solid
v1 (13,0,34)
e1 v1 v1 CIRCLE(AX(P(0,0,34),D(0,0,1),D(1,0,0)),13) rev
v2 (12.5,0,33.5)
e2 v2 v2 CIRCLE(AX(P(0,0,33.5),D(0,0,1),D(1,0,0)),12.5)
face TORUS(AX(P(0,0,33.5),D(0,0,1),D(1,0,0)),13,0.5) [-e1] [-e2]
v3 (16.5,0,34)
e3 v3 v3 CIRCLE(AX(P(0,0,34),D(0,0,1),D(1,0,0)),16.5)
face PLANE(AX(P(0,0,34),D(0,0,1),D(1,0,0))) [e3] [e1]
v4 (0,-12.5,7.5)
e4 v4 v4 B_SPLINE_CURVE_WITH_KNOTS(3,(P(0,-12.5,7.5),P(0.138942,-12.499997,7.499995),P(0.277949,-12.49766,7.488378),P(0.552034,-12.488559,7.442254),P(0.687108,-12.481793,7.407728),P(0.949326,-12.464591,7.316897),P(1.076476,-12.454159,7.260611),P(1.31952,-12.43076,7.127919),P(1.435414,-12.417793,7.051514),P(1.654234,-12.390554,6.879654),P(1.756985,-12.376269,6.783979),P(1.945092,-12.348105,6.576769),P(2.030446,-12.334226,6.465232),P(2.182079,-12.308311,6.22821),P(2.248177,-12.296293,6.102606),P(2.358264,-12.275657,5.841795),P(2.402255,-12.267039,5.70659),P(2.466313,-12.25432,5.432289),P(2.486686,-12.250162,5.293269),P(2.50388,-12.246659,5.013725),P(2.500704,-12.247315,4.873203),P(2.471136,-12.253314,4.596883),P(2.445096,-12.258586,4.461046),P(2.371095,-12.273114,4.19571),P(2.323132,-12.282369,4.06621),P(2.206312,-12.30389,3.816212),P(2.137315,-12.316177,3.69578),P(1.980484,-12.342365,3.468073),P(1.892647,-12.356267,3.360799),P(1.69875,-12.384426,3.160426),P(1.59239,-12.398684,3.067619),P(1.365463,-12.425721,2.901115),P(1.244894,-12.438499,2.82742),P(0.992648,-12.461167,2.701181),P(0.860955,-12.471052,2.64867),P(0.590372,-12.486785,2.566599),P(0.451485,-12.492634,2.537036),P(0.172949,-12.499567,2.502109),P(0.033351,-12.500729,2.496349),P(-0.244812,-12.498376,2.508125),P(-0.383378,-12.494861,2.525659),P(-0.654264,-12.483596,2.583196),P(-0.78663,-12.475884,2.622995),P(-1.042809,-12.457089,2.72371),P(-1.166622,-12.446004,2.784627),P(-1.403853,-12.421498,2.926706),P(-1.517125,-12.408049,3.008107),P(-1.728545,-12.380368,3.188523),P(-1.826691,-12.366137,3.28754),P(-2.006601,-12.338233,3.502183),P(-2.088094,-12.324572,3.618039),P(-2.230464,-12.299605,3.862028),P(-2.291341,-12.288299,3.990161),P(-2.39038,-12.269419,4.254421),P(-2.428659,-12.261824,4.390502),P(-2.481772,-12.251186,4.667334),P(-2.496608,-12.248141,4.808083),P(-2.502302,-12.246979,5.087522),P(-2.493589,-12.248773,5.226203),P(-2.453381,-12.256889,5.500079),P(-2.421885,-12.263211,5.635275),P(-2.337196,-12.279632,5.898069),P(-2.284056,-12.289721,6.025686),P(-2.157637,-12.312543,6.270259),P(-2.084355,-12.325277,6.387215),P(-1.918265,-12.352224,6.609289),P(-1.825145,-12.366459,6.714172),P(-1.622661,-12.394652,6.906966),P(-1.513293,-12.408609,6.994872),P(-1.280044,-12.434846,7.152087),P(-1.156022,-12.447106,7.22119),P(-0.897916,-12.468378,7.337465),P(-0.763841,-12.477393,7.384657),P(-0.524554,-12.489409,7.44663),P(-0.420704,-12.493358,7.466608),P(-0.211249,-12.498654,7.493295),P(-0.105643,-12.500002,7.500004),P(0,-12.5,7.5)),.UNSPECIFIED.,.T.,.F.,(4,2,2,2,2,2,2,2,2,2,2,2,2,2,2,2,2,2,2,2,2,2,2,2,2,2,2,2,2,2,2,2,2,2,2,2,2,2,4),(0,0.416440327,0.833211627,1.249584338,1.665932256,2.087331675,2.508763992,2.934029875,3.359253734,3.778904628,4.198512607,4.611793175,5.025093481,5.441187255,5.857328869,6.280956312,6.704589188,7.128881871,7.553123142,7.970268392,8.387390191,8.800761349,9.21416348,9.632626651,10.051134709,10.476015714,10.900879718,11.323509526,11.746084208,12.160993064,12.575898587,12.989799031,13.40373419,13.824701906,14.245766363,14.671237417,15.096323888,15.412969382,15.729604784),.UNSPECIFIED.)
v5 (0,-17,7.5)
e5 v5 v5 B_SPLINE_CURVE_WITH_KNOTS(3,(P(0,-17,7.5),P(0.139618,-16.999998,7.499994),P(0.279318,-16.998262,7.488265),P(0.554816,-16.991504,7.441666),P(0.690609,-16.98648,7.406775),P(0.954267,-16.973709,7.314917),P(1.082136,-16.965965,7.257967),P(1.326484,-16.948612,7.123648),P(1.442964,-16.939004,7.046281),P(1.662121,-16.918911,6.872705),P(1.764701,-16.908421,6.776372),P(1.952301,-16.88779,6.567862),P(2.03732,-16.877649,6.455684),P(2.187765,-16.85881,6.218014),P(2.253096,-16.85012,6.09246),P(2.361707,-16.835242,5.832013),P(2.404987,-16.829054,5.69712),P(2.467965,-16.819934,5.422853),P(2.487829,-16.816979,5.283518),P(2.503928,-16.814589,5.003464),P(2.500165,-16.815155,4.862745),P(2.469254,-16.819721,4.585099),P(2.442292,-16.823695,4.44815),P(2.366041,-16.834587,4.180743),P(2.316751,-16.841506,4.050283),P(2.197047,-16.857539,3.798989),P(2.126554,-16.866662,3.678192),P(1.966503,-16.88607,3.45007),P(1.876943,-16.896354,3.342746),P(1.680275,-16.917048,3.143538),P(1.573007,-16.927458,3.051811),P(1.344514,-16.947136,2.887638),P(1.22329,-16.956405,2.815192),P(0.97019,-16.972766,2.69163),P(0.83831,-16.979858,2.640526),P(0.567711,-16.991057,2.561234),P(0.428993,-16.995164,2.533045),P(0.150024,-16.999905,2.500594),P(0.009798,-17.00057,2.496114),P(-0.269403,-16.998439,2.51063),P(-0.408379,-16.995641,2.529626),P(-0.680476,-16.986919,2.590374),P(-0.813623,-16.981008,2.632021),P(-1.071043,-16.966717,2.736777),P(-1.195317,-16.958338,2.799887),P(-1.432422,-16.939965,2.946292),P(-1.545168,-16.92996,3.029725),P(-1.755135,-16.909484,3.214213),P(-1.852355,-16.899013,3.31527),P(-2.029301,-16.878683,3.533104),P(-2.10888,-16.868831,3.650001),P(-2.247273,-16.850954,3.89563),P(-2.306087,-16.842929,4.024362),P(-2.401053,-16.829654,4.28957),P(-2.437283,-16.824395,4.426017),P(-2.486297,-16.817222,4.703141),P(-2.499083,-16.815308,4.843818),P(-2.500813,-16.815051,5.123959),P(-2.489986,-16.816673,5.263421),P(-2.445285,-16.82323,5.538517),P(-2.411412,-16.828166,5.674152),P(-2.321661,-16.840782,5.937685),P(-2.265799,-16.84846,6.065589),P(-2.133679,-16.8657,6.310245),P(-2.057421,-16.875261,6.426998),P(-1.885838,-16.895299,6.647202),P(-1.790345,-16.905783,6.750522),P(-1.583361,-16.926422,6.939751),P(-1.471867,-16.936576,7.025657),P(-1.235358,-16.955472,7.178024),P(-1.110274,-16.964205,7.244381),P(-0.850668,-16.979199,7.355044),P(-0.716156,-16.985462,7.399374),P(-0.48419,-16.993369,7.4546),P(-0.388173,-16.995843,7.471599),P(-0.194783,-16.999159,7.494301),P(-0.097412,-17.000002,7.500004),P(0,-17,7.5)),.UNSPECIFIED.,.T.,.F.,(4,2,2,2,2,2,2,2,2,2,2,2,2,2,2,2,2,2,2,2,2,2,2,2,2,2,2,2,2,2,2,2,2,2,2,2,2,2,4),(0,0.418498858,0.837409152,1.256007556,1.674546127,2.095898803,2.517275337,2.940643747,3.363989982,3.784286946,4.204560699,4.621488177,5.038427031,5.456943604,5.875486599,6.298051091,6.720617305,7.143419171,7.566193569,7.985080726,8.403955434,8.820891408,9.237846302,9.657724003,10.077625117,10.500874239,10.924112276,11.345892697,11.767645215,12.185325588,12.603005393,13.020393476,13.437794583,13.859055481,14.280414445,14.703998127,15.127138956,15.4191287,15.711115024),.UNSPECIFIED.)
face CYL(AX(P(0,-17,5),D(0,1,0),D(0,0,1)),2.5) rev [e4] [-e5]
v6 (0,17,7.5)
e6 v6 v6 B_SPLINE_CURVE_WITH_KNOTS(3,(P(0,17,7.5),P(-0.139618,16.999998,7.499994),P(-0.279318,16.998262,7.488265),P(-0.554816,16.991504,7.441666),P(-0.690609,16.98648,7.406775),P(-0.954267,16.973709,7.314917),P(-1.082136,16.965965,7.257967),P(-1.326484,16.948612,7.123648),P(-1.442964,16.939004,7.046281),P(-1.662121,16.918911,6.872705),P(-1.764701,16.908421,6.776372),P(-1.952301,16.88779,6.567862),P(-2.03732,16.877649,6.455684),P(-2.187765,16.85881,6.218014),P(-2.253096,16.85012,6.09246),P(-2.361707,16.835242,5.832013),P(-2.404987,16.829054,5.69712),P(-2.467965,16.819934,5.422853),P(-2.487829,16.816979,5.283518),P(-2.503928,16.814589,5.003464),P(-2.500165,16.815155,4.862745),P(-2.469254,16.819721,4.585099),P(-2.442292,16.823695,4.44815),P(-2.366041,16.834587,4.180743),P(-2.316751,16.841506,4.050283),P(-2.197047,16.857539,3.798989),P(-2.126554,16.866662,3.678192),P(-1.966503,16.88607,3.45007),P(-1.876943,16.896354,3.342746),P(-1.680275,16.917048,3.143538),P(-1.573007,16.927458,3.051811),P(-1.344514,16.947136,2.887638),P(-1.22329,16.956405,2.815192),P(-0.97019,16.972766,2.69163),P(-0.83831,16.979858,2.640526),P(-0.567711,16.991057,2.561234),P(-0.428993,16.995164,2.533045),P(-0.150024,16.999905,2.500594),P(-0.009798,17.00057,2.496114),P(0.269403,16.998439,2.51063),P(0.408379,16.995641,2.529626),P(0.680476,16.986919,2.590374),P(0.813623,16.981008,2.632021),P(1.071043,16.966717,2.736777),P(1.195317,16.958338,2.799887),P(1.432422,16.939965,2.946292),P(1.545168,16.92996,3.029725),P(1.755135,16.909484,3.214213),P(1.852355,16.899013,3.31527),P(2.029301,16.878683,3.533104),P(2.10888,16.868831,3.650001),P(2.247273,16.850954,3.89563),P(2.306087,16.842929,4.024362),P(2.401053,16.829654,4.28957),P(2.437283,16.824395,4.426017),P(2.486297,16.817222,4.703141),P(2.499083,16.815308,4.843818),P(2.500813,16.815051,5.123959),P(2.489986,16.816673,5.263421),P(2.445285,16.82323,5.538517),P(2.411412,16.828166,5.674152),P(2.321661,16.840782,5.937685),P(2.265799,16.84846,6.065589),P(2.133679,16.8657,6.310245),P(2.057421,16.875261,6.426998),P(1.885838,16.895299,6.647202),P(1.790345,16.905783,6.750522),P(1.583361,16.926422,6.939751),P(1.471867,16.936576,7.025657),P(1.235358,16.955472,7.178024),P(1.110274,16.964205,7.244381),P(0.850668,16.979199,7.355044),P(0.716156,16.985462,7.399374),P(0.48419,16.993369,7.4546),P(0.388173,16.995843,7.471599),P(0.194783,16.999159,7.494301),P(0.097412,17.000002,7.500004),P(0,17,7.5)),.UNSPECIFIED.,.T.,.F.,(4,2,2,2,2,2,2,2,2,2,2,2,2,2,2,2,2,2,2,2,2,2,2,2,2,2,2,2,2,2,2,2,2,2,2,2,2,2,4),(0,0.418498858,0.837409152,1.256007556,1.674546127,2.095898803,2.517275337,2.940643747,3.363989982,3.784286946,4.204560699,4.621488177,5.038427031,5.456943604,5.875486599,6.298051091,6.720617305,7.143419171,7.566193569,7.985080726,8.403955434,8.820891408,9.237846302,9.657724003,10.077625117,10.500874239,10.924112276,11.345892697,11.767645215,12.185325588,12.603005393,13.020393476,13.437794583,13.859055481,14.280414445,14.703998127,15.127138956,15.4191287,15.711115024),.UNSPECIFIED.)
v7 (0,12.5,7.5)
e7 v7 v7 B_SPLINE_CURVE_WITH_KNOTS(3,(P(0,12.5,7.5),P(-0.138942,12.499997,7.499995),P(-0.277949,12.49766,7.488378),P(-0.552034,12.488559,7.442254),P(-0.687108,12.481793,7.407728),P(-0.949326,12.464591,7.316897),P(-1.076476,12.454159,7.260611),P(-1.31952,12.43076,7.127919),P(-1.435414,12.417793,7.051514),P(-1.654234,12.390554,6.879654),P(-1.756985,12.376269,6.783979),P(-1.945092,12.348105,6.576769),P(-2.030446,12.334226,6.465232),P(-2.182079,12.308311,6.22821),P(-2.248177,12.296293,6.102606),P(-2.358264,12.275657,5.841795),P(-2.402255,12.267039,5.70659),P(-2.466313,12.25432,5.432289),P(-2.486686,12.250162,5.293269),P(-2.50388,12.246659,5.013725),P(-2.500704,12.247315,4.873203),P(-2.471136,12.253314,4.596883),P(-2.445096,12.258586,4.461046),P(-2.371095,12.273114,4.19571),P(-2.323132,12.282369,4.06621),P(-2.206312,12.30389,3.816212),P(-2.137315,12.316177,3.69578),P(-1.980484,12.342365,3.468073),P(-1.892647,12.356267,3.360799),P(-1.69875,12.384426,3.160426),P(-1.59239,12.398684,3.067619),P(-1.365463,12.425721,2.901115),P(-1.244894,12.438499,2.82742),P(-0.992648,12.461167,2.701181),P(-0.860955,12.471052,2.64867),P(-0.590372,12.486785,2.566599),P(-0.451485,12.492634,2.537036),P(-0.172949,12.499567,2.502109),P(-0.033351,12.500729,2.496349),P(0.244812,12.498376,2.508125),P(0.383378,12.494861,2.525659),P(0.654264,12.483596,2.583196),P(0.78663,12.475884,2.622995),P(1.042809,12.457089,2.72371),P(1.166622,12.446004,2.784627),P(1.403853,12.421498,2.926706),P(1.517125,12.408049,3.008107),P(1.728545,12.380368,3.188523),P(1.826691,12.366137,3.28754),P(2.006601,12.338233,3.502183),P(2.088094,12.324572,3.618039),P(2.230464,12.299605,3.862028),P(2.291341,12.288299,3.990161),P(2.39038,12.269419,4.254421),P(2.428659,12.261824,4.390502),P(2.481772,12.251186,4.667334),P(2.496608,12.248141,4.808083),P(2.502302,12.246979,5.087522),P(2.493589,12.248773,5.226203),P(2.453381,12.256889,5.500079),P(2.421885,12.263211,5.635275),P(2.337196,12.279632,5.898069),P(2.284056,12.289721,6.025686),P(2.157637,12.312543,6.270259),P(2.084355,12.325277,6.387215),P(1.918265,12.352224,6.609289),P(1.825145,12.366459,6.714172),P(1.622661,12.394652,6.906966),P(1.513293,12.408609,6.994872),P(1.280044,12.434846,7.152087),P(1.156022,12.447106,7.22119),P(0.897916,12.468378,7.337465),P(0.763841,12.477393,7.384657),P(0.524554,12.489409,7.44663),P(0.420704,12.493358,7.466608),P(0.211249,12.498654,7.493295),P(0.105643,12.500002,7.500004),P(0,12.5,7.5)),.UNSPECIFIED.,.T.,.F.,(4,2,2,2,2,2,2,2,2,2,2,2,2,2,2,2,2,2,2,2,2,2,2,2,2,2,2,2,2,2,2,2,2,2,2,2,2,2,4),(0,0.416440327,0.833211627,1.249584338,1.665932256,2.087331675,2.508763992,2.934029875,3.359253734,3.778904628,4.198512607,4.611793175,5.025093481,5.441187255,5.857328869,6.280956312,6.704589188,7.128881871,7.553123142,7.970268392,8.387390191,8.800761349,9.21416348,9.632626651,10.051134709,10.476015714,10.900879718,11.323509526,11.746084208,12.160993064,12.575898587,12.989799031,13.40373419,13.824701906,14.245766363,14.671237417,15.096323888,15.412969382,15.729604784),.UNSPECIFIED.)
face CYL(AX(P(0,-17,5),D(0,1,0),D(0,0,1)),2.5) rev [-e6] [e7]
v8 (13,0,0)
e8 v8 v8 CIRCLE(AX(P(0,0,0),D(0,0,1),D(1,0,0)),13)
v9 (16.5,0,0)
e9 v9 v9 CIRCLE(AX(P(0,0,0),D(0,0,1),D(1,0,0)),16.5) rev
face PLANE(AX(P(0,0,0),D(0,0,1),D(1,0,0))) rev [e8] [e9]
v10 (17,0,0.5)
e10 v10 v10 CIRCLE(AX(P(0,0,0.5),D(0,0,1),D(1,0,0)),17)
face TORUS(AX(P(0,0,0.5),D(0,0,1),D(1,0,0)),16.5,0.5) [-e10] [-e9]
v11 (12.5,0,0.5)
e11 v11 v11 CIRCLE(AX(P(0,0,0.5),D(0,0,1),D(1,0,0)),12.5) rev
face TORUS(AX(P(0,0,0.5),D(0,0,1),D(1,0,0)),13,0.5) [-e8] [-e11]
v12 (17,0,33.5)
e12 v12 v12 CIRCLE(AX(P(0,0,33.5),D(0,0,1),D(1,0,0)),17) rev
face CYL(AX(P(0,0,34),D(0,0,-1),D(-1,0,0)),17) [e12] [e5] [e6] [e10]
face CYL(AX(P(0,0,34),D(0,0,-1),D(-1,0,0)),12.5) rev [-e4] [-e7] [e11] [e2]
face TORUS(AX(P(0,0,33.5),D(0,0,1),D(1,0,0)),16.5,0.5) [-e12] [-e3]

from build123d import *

# Parameters (mm, degrees)
IZIM1_R                     = 17
IZIM1_R_2                   = 12.5
Y_KSEKLIK_EKSTR_ZYON1_DEPTH = 34
RADYUS1_R                   = 0.5
KES_EKSTR_ZYON1_DEPTH       = 42.641325709
KES_EKSTR_ZYON1_DEPTH_BACK  = 42.641325709
IZIM2_R                     = 2.5


with BuildPart() as part:
    # Çizim1 → Yükseklik-Ekstrüzyon1 (new body)
    with BuildSketch(Plane.XY):
        Circle(IZIM1_R)
        Circle(IZIM1_R_2, mode=Mode.SUBTRACT)
    extrude(amount=Y_KSEKLIK_EKSTR_ZYON1_DEPTH)

    # Radyus1
    radyus1_edges = [part.edges().sort_by_distance(p)[0] for p in [
        (-17, 0, 0),
        (-17, 0, 34),
        (-12.5, 0, 0),
        (-12.5, 0, 34),
    ]]
    fillet(radyus1_edges, radius=RADYUS1_R)

    # Çizim2 → Kes-Ekstrüzyon1 (cut, two sides: drawn at the far end of the back side and taken through both)
    with BuildSketch(Plane(origin=(0, 0, 0), x_dir=(1, 0, 0), z_dir=(0, 1, 0)).offset(-KES_EKSTR_ZYON1_DEPTH_BACK)):
        with Locations(Location((0, -5, 0), (0, 0, 270))):
            Circle(IZIM2_R)
    extrude(amount=KES_EKSTR_ZYON1_DEPTH + KES_EKSTR_ZYON1_DEPTH_BACK, mode=Mode.SUBTRACT)


solid = part.part
